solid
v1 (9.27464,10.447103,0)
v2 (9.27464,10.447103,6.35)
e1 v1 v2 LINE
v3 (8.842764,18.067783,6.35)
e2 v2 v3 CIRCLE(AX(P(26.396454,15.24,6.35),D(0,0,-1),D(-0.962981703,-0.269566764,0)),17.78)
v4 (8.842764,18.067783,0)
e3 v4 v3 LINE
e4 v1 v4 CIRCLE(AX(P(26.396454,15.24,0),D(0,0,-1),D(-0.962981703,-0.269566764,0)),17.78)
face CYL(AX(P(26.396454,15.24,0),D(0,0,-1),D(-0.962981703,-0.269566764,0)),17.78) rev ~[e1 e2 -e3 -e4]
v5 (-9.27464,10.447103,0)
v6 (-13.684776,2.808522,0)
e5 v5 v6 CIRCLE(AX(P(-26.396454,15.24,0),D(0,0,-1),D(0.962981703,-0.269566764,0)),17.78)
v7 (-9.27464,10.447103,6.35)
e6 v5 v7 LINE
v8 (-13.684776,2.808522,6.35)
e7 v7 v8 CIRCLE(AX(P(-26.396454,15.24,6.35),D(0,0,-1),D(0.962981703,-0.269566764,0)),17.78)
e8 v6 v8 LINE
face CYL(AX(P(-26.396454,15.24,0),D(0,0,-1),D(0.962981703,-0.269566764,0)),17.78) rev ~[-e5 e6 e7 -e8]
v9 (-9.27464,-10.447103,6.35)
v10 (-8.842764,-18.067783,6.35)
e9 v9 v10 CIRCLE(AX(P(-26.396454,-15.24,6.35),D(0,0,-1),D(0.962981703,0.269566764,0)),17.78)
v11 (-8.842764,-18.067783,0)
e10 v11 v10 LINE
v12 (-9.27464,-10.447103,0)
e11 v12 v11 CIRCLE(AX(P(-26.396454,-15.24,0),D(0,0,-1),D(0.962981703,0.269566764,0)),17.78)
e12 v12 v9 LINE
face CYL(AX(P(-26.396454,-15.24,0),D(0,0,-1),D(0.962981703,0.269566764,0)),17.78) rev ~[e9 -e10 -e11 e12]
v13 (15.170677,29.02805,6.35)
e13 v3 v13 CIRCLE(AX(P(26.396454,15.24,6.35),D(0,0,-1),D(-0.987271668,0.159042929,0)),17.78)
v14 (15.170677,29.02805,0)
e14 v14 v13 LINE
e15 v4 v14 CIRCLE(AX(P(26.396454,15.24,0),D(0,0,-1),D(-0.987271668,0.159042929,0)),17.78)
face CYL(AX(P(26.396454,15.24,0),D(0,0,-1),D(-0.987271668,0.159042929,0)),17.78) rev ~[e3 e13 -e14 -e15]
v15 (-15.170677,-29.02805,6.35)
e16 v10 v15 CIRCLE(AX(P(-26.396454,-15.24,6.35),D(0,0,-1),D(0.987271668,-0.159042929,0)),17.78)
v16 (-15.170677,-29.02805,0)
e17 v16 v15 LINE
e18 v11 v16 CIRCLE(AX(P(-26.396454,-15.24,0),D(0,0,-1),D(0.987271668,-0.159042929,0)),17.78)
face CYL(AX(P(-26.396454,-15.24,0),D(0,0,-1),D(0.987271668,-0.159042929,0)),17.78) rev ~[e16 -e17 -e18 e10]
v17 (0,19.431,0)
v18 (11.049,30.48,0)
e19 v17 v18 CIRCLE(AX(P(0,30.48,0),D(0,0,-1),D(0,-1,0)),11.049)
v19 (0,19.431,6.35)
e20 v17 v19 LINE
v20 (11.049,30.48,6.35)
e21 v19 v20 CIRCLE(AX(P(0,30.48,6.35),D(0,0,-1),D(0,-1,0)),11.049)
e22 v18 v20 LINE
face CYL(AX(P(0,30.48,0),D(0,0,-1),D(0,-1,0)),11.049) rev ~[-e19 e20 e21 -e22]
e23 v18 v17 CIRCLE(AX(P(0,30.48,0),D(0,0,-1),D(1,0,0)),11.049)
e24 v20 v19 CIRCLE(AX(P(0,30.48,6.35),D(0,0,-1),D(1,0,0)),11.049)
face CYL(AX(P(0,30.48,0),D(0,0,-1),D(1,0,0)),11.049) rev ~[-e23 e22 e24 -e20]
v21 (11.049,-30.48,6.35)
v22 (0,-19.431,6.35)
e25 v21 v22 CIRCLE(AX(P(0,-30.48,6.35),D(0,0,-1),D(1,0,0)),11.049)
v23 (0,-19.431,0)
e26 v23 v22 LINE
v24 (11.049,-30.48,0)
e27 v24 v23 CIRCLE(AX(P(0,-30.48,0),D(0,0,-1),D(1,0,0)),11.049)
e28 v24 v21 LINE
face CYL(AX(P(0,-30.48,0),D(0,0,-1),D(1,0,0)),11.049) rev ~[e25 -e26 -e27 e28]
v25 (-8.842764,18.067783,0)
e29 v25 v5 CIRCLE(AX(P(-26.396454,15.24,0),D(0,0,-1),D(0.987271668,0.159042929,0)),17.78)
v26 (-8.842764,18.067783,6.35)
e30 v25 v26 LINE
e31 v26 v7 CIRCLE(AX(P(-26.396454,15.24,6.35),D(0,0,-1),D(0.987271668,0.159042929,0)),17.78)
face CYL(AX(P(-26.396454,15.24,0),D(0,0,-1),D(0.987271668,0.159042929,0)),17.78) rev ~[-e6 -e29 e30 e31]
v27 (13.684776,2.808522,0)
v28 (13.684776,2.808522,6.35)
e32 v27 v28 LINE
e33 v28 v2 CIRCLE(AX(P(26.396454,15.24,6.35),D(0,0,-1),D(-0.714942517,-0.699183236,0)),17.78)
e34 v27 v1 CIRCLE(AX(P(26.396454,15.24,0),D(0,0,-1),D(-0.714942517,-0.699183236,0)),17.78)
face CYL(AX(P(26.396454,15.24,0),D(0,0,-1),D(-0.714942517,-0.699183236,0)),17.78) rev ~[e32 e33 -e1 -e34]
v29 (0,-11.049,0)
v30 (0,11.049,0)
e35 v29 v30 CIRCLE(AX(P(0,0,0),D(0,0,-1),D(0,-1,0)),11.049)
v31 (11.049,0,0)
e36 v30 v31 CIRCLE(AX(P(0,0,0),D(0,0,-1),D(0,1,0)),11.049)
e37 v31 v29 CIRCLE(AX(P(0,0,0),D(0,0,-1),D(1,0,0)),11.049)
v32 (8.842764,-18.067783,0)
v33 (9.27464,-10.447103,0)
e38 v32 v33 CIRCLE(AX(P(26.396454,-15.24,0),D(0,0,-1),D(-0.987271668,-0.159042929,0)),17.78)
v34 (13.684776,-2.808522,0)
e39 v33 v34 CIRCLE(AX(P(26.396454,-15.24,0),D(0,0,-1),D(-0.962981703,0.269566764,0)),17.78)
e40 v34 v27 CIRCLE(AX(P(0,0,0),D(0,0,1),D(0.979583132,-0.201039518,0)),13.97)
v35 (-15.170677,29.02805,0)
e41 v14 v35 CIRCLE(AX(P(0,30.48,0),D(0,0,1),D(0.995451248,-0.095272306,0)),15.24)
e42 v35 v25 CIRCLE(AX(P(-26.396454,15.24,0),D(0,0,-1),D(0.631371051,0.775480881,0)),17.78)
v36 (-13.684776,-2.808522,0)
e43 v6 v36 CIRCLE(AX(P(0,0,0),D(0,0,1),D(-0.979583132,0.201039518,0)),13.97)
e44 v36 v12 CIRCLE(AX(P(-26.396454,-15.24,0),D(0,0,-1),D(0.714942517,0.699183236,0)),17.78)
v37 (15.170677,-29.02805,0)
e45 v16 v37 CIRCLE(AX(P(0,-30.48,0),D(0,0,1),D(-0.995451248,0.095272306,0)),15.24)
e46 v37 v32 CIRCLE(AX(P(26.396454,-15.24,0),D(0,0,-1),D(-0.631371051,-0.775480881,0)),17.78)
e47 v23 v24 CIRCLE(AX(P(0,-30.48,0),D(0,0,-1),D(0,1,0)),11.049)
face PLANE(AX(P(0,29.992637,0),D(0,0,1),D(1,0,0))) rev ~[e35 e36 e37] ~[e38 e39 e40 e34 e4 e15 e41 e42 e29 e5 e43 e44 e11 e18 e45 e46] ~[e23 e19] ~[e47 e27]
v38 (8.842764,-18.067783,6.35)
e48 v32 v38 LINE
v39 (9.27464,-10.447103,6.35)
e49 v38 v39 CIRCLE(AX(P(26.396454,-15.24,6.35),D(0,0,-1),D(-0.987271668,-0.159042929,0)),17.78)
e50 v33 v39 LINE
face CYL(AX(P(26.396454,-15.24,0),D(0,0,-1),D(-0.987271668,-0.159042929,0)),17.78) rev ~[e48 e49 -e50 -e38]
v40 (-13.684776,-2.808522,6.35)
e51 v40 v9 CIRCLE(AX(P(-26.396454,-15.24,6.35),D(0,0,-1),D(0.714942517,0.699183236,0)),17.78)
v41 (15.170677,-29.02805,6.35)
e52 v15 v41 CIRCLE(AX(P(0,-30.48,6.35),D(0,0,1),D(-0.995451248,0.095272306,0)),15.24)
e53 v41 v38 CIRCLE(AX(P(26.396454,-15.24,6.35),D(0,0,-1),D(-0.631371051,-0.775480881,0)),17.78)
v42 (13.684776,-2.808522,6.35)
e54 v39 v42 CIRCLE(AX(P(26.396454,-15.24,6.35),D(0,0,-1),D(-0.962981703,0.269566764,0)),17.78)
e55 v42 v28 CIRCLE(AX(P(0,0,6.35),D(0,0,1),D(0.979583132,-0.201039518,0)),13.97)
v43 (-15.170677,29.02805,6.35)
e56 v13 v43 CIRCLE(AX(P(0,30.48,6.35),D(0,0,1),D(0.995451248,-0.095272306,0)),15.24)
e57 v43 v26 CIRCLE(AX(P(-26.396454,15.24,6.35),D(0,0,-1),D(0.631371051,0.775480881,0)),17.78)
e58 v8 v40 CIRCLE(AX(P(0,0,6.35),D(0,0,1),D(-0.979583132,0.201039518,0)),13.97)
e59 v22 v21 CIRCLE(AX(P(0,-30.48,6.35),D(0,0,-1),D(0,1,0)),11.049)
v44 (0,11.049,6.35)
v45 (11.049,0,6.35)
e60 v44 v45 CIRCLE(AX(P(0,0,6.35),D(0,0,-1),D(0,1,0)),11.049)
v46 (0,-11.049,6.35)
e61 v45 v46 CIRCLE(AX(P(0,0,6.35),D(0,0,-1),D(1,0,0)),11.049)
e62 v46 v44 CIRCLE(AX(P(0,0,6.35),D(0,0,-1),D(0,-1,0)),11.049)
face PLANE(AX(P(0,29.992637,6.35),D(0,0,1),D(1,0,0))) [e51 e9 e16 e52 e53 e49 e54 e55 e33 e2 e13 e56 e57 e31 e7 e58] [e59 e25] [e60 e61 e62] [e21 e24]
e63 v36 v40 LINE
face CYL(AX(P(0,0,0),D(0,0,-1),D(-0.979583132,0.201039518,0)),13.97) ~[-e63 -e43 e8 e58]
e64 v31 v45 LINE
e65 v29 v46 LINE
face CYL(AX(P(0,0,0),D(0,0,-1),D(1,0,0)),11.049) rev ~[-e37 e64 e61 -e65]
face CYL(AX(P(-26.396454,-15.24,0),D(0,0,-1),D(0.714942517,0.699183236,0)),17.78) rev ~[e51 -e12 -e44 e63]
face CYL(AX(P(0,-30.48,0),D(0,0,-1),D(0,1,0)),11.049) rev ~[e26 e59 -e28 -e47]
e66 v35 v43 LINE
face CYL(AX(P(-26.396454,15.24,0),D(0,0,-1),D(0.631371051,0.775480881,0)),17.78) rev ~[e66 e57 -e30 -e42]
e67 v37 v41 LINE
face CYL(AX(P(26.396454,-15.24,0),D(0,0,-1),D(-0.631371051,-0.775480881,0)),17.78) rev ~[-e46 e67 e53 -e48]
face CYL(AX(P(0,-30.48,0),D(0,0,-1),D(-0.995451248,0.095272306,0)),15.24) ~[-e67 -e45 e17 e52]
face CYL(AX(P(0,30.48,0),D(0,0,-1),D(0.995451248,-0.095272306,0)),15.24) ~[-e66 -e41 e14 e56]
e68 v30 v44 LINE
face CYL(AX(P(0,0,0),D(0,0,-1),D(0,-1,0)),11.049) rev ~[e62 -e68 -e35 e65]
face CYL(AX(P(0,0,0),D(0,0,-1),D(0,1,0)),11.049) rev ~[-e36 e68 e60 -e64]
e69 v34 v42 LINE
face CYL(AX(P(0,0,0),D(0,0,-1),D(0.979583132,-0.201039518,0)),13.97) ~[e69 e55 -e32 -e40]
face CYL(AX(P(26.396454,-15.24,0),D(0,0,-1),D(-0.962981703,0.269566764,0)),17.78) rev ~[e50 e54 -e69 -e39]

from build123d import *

# Parameters (mm, degrees)
F1_DEPTH = 6.35


with BuildPart() as f1:
    # F0 (on Top) → F1 (new body)
    with BuildSketch(Plane.XY):
        with BuildLine():
            ThreePointArc((-8.8427640474, 18.067783276), (-4.6419509437, 15.9641503371), (0, 15.24))
            ThreePointArc((0, 15.24), (4.6419509437, 15.9641503371), (8.8427640474, 18.067783276))
            ThreePointArc((8.8427640474, 18.067783276), (10.9985226281, 24.13), (15.1706770239, 29.0280500573))
            ThreePointArc((15.1706770239, 29.0280500573), (0, 45.72), (-15.1706770239, 29.0280500573))
            ThreePointArc((-15.1706770239, 29.0280500573), (-10.9985226281, 24.13), (-8.8427640474, 18.067783276))
        make_face()
        with BuildLine():
            ThreePointArc((11.049, 30.48), (7.8128228253, 22.6671771747), (0, 19.431))
            ThreePointArc((0, 19.431), (-7.8128228253, 38.2928228253), (11.049, 30.48))
        make_face(mode=Mode.SUBTRACT)
        with BuildLine():
            Line((0, 15.24), (0, 13.97))
            ThreePointArc((0, 13.97), (4.9605882744, 13.059611938), (9.2746396347, 10.4471029308))
            ThreePointArc((9.2746396347, 10.4471029308), (8.6449373915, 14.2339944405), (8.8427640474, 18.067783276))
            ThreePointArc((8.8427640474, 18.067783276), (4.6419509437, 15.9641503371), (0, 15.24))
        make_face()
        with BuildLine():
            ThreePointArc((-9.2746396347, 10.4471029308), (-4.9605882744, 13.059611938), (0, 13.97))
            Line((0, 13.97), (0, 15.24))
            ThreePointArc((0, 15.24), (-4.6419509437, 15.9641503371), (-8.8427640474, 18.067783276))
            ThreePointArc((-8.8427640474, 18.067783276), (-8.6449373915, 14.2339944405), (-9.2746396347, 10.4471029308))
        make_face()
        with BuildLine():
            ThreePointArc((0, -11.049), (-11.049, 0), (0, 11.049))
            Line((0, 11.049), (0, 13.97))
            ThreePointArc((0, 13.97), (-4.9605882744, 13.059611938), (-9.2746396347, 10.4471029308))
            ThreePointArc((-9.2746396347, 10.4471029308), (-10.9985226281, 6.35), (-13.6847763514, 2.8085220692))
            ThreePointArc((-13.6847763514, 2.8085220692), (-13.97, 0), (-13.6847763514, -2.8085220692))
            ThreePointArc((-13.6847763514, -2.8085220692), (-10.9985226281, -6.35), (-9.2746396347, -10.4471029308))
            ThreePointArc((-9.2746396347, -10.4471029308), (-4.9605882744, -13.059611938), (0, -13.97))
            Line((0, -13.97), (0, -11.049))
        make_face()
        with BuildLine():
            ThreePointArc((0, 11.049), (7.8128228253, 7.8128228253), (11.049, 0))
            ThreePointArc((11.049, 0), (7.8128228253, -7.8128228253), (0, -11.049))
            Line((0, -11.049), (0, -13.97))
            ThreePointArc((0, -13.97), (4.9605882744, -13.059611938), (9.2746396347, -10.4471029308))
            ThreePointArc((9.2746396347, -10.4471029308), (10.9985226281, -6.35), (13.6847763514, -2.8085220692))
            ThreePointArc((13.6847763514, -2.8085220692), (13.97, 0), (13.6847763514, 2.8085220692))
            ThreePointArc((13.6847763514, 2.8085220692), (10.9985226281, 6.35), (9.2746396347, 10.4471029308))
            ThreePointArc((9.2746396347, 10.4471029308), (4.9605882744, 13.059611938), (0, 13.97))
            Line((0, 13.97), (0, 11.049))
        make_face()
        with BuildLine():
            ThreePointArc((9.2746396347, -10.4471029308), (4.9605882744, -13.059611938), (0, -13.97))
            Line((0, -13.97), (0, -15.24))
            ThreePointArc((0, -15.24), (4.6419509437, -15.9641503371), (8.8427640474, -18.067783276))
            ThreePointArc((8.8427640474, -18.067783276), (8.6449373915, -14.2339944405), (9.2746396347, -10.4471029308))
        make_face()
        with BuildLine():
            Line((0, -15.24), (0, -13.97))
            ThreePointArc((0, -13.97), (-4.9605882744, -13.059611938), (-9.2746396347, -10.4471029308))
            ThreePointArc((-9.2746396347, -10.4471029308), (-8.6449373915, -14.2339944405), (-8.8427640474, -18.067783276))
            ThreePointArc((-8.8427640474, -18.067783276), (-4.6419509437, -15.9641503371), (0, -15.24))
        make_face()
        with BuildLine():
            ThreePointArc((8.8427640474, -18.067783276), (4.6419509437, -15.9641503371), (0, -15.24))
            ThreePointArc((0, -15.24), (-4.6419509437, -15.9641503371), (-8.8427640474, -18.067783276))
            ThreePointArc((-8.8427640474, -18.067783276), (-10.9985226281, -24.13), (-15.1706770239, -29.0280500573))
            ThreePointArc((-15.1706770239, -29.0280500573), (0, -45.72), (15.1706770239, -29.0280500573))
            ThreePointArc((15.1706770239, -29.0280500573), (10.9985226281, -24.13), (8.8427640474, -18.067783276))
        make_face()
        with BuildLine():
            ThreePointArc((11.049, -30.48), (-7.8128228253, -38.2928228253), (0, -19.431))
            ThreePointArc((0, -19.431), (7.8128228253, -22.6671771747), (11.049, -30.48))
        make_face(mode=Mode.SUBTRACT)
    extrude(amount=F1_DEPTH)


solid = f1.part
